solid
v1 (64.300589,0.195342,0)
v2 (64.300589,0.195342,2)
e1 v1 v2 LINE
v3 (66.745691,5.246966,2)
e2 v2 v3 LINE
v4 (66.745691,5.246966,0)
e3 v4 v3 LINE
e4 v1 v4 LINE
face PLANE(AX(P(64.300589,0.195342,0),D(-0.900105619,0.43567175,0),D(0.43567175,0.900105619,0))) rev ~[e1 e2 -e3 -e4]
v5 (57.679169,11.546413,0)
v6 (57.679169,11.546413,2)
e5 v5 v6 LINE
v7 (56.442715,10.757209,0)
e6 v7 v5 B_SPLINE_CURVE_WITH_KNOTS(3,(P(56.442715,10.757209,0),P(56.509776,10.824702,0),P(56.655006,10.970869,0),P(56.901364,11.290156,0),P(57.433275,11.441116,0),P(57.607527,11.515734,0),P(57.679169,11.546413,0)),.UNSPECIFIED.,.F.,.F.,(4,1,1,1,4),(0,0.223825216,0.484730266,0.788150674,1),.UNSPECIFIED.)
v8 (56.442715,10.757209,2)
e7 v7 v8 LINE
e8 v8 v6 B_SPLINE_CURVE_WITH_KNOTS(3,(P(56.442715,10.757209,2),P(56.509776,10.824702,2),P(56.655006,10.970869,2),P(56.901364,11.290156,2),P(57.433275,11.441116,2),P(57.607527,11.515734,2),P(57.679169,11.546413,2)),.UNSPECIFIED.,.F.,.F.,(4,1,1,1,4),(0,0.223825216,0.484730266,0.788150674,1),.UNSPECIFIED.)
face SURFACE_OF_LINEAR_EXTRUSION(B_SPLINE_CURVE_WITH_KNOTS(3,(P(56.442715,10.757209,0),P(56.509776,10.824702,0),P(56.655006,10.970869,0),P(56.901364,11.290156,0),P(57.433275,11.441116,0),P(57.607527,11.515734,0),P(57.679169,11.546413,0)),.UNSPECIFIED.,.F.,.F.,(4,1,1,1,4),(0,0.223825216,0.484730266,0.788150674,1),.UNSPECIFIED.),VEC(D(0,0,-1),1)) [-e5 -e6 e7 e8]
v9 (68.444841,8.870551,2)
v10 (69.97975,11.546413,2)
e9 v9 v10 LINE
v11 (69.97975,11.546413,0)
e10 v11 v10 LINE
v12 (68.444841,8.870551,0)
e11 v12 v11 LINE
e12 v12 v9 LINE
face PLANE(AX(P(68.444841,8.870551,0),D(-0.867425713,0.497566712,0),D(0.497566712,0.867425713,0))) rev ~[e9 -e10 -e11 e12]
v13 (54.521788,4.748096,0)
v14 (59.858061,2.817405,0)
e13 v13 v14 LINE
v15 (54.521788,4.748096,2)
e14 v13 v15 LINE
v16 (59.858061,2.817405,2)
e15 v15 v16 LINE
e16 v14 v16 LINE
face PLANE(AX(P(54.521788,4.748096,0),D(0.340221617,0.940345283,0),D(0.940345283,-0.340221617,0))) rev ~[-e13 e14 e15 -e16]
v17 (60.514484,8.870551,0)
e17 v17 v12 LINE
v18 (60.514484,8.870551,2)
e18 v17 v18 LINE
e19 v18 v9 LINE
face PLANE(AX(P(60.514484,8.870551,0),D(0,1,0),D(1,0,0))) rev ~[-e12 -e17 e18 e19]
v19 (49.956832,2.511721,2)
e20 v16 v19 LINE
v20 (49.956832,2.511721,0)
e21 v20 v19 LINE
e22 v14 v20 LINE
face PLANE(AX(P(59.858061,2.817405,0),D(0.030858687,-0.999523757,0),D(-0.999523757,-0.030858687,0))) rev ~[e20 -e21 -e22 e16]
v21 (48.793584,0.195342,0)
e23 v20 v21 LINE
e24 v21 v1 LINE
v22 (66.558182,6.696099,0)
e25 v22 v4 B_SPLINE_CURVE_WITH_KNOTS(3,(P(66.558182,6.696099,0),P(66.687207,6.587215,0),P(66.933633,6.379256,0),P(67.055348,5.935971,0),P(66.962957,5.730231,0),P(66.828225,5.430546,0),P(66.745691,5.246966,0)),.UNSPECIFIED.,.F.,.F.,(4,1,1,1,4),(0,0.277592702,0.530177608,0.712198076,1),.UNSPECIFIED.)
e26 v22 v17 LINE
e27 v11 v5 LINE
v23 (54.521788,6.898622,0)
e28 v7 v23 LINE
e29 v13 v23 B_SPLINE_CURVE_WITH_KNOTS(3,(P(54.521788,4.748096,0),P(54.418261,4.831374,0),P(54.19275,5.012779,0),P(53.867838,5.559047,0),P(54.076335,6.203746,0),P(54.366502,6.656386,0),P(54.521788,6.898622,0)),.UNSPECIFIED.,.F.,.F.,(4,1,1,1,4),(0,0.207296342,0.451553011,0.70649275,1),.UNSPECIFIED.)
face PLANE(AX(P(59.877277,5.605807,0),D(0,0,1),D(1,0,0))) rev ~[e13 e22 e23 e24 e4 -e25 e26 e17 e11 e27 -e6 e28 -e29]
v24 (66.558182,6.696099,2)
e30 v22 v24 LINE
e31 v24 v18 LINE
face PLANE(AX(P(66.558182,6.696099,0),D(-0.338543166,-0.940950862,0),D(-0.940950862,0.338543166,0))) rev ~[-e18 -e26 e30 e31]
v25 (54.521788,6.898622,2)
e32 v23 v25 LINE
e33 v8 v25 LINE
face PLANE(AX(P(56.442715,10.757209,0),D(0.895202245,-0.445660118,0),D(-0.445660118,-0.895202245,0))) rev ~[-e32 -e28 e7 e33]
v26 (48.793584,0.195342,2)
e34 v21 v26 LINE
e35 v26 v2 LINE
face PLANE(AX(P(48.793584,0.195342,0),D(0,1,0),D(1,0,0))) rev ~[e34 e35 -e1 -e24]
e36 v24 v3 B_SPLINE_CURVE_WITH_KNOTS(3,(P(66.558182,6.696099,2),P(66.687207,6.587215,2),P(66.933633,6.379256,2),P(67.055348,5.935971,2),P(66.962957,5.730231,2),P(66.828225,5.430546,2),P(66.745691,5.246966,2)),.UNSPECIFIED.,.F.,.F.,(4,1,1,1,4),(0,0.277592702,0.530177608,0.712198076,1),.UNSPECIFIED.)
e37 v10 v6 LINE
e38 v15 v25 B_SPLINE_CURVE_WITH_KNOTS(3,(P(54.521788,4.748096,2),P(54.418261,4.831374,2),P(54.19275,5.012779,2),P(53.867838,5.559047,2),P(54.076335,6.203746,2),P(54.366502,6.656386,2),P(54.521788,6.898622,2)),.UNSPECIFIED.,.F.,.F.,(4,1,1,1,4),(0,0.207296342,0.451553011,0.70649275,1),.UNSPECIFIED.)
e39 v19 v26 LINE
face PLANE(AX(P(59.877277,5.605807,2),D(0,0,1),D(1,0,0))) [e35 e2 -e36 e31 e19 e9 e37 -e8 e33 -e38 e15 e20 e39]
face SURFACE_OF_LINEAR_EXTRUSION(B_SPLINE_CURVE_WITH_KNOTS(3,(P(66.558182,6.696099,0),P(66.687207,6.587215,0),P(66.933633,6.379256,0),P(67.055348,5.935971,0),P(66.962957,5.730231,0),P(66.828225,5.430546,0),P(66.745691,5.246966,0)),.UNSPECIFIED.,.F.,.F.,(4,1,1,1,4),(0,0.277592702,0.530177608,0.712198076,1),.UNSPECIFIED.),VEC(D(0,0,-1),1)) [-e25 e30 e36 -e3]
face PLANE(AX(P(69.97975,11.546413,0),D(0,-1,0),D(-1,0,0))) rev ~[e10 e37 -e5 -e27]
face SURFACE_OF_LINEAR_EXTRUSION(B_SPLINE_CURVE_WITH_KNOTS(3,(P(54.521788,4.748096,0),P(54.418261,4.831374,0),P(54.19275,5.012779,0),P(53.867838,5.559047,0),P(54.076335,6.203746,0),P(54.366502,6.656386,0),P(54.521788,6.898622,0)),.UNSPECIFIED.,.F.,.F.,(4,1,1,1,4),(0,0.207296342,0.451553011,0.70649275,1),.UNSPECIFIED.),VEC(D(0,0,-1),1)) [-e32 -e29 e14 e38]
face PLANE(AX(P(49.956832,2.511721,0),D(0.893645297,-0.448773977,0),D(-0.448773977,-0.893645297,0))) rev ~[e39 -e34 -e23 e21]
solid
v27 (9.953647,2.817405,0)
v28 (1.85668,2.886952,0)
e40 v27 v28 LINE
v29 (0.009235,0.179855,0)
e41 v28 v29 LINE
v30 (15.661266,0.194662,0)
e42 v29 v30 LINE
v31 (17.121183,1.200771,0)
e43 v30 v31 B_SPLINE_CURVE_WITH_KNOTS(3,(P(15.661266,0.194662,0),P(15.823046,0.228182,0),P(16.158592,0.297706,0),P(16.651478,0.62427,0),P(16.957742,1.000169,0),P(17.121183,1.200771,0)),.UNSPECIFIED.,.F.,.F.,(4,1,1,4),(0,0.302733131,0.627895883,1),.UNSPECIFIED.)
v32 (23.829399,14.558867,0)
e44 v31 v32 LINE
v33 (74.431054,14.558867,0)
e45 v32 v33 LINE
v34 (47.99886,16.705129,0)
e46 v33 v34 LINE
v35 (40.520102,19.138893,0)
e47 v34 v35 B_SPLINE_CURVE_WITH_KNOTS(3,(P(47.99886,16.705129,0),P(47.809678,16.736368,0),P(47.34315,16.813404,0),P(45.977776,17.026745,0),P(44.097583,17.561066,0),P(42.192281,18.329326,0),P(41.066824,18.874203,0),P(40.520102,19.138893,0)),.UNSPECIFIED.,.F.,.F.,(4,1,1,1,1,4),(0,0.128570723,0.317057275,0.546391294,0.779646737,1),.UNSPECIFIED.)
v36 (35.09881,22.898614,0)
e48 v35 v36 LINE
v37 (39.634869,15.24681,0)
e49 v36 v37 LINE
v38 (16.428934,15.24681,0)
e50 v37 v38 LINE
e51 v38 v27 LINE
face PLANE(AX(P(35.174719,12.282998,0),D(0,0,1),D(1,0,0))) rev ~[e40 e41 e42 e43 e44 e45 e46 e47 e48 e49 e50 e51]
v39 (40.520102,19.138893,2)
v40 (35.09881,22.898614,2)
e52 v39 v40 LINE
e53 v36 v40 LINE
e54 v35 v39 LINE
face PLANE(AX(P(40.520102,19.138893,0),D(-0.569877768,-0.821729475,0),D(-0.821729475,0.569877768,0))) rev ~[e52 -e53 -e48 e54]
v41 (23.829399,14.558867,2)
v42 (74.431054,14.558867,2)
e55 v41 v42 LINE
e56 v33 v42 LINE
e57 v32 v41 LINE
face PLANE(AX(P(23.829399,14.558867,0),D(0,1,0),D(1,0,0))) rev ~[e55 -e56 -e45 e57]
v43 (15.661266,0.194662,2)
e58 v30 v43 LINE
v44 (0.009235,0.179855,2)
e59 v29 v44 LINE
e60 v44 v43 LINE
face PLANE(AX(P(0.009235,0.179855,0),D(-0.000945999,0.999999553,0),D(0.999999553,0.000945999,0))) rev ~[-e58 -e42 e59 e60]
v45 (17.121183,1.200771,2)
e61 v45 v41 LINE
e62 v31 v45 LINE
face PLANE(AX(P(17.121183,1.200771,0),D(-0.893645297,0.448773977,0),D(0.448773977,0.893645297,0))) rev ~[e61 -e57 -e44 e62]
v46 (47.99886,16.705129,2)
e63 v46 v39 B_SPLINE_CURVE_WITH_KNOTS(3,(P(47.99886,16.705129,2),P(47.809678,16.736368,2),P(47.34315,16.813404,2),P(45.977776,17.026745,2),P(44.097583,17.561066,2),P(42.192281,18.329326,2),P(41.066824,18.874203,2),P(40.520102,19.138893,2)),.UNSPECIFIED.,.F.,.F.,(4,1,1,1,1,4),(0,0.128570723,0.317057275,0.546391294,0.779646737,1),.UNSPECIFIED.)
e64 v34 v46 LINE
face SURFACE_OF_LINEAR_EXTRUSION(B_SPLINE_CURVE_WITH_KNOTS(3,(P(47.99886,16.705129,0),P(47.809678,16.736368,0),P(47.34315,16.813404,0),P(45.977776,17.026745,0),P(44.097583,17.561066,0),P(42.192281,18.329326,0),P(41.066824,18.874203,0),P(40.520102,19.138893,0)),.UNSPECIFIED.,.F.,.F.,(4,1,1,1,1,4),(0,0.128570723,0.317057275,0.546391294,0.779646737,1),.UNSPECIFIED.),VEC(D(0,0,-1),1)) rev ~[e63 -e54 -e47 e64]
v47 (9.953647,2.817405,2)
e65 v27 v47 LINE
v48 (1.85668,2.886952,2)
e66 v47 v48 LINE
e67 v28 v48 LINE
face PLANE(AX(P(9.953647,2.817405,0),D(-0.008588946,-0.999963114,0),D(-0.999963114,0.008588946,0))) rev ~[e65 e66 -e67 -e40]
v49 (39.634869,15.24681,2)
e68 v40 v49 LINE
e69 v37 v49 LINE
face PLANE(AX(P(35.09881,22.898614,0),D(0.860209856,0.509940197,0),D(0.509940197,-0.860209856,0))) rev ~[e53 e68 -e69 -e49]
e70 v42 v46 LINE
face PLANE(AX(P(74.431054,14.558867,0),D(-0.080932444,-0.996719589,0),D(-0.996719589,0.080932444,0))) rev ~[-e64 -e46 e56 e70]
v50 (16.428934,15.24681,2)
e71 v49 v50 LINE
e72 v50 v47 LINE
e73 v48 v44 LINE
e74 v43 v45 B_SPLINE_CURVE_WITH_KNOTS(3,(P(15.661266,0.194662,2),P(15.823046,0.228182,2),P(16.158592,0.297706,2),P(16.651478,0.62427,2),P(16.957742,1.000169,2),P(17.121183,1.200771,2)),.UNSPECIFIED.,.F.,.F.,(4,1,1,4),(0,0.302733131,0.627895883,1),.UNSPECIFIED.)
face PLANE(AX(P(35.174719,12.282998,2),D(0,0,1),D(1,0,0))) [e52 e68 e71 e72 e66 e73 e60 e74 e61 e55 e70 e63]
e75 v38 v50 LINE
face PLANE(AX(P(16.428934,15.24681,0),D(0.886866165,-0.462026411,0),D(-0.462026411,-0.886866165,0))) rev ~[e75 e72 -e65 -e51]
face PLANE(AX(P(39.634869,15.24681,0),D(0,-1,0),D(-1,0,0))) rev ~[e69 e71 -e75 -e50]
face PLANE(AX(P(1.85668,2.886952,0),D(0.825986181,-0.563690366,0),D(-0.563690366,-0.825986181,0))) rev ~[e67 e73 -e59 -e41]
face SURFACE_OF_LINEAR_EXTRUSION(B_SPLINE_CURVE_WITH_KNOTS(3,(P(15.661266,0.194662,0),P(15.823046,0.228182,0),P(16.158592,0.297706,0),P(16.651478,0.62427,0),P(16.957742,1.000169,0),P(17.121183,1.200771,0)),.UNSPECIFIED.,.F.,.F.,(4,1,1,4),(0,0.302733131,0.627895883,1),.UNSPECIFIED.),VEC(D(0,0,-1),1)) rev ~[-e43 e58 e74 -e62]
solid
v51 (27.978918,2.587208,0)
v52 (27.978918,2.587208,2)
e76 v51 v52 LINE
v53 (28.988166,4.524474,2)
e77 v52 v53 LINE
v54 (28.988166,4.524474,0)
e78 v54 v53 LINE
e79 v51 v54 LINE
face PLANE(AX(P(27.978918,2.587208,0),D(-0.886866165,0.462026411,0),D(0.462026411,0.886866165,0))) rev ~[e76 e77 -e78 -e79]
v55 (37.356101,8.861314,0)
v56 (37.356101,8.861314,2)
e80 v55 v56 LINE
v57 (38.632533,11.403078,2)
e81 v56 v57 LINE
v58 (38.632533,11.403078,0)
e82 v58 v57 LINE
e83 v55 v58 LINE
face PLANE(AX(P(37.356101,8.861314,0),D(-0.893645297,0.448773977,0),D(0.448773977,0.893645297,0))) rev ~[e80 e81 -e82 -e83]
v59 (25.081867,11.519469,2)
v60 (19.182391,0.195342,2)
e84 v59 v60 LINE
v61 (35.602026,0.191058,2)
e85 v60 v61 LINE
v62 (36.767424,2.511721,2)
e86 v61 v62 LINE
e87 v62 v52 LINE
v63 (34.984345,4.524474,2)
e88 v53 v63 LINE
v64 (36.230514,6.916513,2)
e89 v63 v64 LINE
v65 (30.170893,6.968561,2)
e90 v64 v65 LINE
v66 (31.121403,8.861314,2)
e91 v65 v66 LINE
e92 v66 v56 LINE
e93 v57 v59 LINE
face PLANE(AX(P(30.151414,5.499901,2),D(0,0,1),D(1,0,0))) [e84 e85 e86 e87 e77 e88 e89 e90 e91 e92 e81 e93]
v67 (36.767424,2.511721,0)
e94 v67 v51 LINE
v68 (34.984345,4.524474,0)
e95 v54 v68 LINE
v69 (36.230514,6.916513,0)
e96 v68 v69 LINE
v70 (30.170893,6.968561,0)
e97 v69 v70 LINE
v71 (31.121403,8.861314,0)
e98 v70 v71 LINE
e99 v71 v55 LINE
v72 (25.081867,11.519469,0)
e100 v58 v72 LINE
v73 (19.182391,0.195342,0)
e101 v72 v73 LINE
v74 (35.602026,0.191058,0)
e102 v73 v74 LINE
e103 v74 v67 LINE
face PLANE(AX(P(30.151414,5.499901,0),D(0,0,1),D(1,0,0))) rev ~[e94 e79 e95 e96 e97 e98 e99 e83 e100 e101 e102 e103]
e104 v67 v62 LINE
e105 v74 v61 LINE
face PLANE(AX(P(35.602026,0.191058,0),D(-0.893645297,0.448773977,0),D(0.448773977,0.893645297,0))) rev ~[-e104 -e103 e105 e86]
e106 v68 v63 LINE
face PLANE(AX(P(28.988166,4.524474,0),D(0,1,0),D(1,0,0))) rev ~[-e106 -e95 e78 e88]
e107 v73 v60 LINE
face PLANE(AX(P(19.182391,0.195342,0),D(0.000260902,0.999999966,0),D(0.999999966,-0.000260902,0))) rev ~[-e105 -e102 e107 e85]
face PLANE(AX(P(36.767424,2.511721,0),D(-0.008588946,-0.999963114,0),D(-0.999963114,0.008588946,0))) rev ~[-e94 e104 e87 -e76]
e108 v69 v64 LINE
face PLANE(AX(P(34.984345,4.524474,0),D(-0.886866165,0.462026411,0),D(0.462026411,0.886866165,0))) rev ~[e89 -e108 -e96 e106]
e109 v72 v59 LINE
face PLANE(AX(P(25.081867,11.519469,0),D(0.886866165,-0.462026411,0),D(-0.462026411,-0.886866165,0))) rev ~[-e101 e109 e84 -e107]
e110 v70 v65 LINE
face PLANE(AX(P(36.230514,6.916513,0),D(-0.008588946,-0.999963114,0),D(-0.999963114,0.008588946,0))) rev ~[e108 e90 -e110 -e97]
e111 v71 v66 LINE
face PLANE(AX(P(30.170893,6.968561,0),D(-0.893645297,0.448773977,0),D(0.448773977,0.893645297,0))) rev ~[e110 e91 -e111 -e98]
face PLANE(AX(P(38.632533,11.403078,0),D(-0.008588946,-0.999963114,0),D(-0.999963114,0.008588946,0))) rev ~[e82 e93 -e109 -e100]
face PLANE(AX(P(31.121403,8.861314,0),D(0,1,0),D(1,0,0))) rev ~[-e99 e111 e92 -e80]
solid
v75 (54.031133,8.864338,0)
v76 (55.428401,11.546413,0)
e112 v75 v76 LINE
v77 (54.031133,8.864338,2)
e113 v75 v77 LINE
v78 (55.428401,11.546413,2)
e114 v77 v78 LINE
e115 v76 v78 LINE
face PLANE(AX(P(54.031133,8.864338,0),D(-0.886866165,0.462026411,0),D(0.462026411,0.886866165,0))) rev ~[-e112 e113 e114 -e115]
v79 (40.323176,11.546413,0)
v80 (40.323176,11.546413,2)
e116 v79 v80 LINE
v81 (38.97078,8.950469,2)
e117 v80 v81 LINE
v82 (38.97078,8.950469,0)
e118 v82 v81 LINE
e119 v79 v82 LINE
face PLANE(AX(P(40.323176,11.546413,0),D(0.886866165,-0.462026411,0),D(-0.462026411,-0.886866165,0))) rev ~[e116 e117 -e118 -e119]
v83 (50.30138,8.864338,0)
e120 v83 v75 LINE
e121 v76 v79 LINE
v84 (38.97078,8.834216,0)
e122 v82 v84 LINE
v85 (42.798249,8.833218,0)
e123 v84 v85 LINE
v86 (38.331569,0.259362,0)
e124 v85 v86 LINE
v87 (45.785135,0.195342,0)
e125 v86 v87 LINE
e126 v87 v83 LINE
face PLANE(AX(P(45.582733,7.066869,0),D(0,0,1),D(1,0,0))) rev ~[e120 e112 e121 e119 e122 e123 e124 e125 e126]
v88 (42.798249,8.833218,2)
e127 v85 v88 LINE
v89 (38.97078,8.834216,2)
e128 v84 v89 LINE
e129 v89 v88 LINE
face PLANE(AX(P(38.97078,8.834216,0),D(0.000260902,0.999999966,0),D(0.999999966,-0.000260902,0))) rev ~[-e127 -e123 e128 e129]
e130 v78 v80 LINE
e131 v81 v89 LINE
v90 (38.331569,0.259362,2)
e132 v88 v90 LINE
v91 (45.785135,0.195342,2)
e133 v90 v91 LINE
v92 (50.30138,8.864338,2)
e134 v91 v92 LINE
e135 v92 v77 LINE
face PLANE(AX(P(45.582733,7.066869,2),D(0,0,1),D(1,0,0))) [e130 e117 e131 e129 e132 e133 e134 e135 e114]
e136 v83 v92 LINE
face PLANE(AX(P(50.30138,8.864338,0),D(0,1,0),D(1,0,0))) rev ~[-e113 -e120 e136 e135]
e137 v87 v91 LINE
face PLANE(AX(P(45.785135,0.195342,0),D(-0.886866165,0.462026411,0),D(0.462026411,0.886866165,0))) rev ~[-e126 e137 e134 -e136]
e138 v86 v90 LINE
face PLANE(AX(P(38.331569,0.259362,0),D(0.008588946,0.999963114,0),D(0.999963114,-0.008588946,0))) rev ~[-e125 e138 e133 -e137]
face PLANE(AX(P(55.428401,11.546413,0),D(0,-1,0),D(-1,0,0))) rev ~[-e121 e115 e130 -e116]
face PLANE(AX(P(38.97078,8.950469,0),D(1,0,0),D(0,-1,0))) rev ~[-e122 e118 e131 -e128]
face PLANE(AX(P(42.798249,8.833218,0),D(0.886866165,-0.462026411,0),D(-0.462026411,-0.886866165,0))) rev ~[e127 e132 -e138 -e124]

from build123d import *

# Parameters (mm, degrees)
F1_DEPTH = 2


with BuildPart() as f1:
    # F0 (on Top) → F1 (new body)
    with BuildSketch(Plane.XY):
        with BuildLine():
            Line((9.9536469206, 2.8174053878), (1.8566801446, 2.8869523667))
            Line((1.8566801446, 2.8869523667), (0.0092345044, 0.1798552403))
            Line((0.0092345044, 0.1798552403), (15.6612657011, 0.1946620469))
            add(Edge.make_bspline(
                [(15.6612657011, 0.1946620469), (15.8230457266, 0.2281823056), (16.1585921255, 0.2977063528), (16.6514778748, 0.6242701097), (16.9577417021, 1.0001687548), (17.1211827546, 1.2007711921)],
                knots=[0, 0, 0, 0, 0.3027331314, 0.6278958833, 1, 1, 1, 1], degree=3))
            Line((17.1211827546, 1.2007711921), (23.8293986768, 14.5588666201))
            Line((23.8293986768, 14.5588666201), (74.4310542941, 14.5588666201))
            Line((74.4310542941, 14.5588666201), (47.9988604784, 16.7051292956))
            add(Edge.make_bspline(
                [(47.9988604784, 16.7051292956), (47.8096775677, 16.7363682019), (47.3431497551, 16.8134037997), (45.9777756708, 17.0267450866), (44.0975826202, 17.5610655971), (42.1922812666, 18.329325656), (41.0668243334, 18.8742033544), (40.5201017857, 19.1388931125)],
                knots=[0, 0, 0, 0, 0.128570723, 0.3170572751, 0.5463912938, 0.7796467371, 1, 1, 1, 1], degree=3))
            Line((40.5201017857, 19.1388931125), (35.0988097489, 22.8986144066))
            Line((35.0988097489, 22.8986144066), (39.6348685026, 15.2468103915))
            Line((39.6348685026, 15.2468103915), (16.4289344102, 15.2468103915))
            Line((16.4289344102, 15.2468103915), (9.9536469206, 2.8174053878))
        make_face()
    extrude(amount=F1_DEPTH)


with BuildPart() as f1b:
    # F0 (on Top) → F1, piece 2 (new body)
    with BuildSketch(Plane.XY):
        Polygon((25.0818674452, 11.5194685599), (19.1823914647, 0.1953418105), (35.6020256233, 0.1910578924), (36.7674244144, 2.5117208591), (27.978917565, 2.5872076577), (28.9881657809, 4.5244737397), (34.9843449121, 4.5244737397), (36.2305141462, 6.9165130336), (30.170893345, 6.9685607117), (31.1214029789, 8.8613140968), (37.3561011948, 8.8613140968), (38.6325334037, 11.4030783232), align=None)
    extrude(amount=F1_DEPTH)


with BuildPart() as f1c:
    # F0 (on Top) → F1, piece 3 (new body)
    with BuildSketch(Plane.XY):
        Polygon((40.323175932, 11.5464127269), (38.9707796276, 8.9504690841), (38.9707796276, 8.834216421), (42.7982492324, 8.8332178259), (38.3315689349, 0.259362452), (45.7851350839, 0.1953418105), (50.3013804555, 8.8643380381), (54.0311330535, 8.8643380381), (55.4284006357, 11.5464127269), align=None)
    extrude(amount=F1_DEPTH)


with BuildPart() as f1d:
    # F0 (on Top) → F1, piece 4 (new body)
    with BuildSketch(Plane.XY):
        with BuildLine():
            Line((49.9568315862, 2.5117208591), (48.7935841084, 0.1953418105))
            Line((48.7935841084, 0.1953418105), (64.3005892634, 0.1953418105))
            Line((64.3005892634, 0.1953418105), (66.7456910014, 5.2469656803))
            add(Edge.make_bspline(
                [(66.5581822395, 6.6960989498), (66.6872070802, 6.5872148135), (66.9336331603, 6.3792557046), (67.0553482952, 5.9359708808), (66.962957301, 5.7302306954), (66.828224861, 5.4305455866), (66.7456910014, 5.2469656803)],
                knots=[0, 0, 0, 0, 0.2775927016, 0.5301776076, 0.7121980765, 1, 1, 1, 1], degree=3))
            Line((66.5581822395, 6.6960989498), (60.5144836009, 8.8705513626))
            Line((60.5144836009, 8.8705513626), (68.44484061, 8.8705513626))
            Line((68.44484061, 8.8705513626), (69.97974962, 11.5464127269))
            Line((69.97974962, 11.5464127269), (57.67916888, 11.5464127269))
            add(Edge.make_bspline(
                [(56.4427152276, 10.7572088018), (56.5097757599, 10.8247017337), (56.6550063566, 10.9708687624), (56.9013644515, 11.2901557643), (57.4332747424, 11.4411156616), (57.6075265449, 11.5157339653), (57.67916888, 11.5464127269)],
                knots=[0, 0, 0, 0, 0.2238252163, 0.4847302664, 0.788150674, 1, 1, 1, 1], degree=3))
            Line((56.4427152276, 10.7572088018), (54.5217879117, 6.8986215629))
            add(Edge.make_bspline(
                [(54.5217879117, 4.7480957583), (54.4182614649, 4.8313741255), (54.1927501106, 5.0127791477), (53.86783776, 5.559047292), (54.0763350433, 6.2037458312), (54.3665019825, 6.6563862304), (54.5217879117, 6.8986215629)],
                knots=[0, 0, 0, 0, 0.2072963417, 0.4515530113, 0.7064927503, 1, 1, 1, 1], degree=3))
            Line((54.5217879117, 4.7480957583), (59.8580613732, 2.8174053878))
            Line((59.8580613732, 2.8174053878), (49.9568315862, 2.5117208591))
        make_face()
    extrude(amount=F1_DEPTH)


solid = Compound([f1.part, f1b.part, f1c.part, f1d.part])
